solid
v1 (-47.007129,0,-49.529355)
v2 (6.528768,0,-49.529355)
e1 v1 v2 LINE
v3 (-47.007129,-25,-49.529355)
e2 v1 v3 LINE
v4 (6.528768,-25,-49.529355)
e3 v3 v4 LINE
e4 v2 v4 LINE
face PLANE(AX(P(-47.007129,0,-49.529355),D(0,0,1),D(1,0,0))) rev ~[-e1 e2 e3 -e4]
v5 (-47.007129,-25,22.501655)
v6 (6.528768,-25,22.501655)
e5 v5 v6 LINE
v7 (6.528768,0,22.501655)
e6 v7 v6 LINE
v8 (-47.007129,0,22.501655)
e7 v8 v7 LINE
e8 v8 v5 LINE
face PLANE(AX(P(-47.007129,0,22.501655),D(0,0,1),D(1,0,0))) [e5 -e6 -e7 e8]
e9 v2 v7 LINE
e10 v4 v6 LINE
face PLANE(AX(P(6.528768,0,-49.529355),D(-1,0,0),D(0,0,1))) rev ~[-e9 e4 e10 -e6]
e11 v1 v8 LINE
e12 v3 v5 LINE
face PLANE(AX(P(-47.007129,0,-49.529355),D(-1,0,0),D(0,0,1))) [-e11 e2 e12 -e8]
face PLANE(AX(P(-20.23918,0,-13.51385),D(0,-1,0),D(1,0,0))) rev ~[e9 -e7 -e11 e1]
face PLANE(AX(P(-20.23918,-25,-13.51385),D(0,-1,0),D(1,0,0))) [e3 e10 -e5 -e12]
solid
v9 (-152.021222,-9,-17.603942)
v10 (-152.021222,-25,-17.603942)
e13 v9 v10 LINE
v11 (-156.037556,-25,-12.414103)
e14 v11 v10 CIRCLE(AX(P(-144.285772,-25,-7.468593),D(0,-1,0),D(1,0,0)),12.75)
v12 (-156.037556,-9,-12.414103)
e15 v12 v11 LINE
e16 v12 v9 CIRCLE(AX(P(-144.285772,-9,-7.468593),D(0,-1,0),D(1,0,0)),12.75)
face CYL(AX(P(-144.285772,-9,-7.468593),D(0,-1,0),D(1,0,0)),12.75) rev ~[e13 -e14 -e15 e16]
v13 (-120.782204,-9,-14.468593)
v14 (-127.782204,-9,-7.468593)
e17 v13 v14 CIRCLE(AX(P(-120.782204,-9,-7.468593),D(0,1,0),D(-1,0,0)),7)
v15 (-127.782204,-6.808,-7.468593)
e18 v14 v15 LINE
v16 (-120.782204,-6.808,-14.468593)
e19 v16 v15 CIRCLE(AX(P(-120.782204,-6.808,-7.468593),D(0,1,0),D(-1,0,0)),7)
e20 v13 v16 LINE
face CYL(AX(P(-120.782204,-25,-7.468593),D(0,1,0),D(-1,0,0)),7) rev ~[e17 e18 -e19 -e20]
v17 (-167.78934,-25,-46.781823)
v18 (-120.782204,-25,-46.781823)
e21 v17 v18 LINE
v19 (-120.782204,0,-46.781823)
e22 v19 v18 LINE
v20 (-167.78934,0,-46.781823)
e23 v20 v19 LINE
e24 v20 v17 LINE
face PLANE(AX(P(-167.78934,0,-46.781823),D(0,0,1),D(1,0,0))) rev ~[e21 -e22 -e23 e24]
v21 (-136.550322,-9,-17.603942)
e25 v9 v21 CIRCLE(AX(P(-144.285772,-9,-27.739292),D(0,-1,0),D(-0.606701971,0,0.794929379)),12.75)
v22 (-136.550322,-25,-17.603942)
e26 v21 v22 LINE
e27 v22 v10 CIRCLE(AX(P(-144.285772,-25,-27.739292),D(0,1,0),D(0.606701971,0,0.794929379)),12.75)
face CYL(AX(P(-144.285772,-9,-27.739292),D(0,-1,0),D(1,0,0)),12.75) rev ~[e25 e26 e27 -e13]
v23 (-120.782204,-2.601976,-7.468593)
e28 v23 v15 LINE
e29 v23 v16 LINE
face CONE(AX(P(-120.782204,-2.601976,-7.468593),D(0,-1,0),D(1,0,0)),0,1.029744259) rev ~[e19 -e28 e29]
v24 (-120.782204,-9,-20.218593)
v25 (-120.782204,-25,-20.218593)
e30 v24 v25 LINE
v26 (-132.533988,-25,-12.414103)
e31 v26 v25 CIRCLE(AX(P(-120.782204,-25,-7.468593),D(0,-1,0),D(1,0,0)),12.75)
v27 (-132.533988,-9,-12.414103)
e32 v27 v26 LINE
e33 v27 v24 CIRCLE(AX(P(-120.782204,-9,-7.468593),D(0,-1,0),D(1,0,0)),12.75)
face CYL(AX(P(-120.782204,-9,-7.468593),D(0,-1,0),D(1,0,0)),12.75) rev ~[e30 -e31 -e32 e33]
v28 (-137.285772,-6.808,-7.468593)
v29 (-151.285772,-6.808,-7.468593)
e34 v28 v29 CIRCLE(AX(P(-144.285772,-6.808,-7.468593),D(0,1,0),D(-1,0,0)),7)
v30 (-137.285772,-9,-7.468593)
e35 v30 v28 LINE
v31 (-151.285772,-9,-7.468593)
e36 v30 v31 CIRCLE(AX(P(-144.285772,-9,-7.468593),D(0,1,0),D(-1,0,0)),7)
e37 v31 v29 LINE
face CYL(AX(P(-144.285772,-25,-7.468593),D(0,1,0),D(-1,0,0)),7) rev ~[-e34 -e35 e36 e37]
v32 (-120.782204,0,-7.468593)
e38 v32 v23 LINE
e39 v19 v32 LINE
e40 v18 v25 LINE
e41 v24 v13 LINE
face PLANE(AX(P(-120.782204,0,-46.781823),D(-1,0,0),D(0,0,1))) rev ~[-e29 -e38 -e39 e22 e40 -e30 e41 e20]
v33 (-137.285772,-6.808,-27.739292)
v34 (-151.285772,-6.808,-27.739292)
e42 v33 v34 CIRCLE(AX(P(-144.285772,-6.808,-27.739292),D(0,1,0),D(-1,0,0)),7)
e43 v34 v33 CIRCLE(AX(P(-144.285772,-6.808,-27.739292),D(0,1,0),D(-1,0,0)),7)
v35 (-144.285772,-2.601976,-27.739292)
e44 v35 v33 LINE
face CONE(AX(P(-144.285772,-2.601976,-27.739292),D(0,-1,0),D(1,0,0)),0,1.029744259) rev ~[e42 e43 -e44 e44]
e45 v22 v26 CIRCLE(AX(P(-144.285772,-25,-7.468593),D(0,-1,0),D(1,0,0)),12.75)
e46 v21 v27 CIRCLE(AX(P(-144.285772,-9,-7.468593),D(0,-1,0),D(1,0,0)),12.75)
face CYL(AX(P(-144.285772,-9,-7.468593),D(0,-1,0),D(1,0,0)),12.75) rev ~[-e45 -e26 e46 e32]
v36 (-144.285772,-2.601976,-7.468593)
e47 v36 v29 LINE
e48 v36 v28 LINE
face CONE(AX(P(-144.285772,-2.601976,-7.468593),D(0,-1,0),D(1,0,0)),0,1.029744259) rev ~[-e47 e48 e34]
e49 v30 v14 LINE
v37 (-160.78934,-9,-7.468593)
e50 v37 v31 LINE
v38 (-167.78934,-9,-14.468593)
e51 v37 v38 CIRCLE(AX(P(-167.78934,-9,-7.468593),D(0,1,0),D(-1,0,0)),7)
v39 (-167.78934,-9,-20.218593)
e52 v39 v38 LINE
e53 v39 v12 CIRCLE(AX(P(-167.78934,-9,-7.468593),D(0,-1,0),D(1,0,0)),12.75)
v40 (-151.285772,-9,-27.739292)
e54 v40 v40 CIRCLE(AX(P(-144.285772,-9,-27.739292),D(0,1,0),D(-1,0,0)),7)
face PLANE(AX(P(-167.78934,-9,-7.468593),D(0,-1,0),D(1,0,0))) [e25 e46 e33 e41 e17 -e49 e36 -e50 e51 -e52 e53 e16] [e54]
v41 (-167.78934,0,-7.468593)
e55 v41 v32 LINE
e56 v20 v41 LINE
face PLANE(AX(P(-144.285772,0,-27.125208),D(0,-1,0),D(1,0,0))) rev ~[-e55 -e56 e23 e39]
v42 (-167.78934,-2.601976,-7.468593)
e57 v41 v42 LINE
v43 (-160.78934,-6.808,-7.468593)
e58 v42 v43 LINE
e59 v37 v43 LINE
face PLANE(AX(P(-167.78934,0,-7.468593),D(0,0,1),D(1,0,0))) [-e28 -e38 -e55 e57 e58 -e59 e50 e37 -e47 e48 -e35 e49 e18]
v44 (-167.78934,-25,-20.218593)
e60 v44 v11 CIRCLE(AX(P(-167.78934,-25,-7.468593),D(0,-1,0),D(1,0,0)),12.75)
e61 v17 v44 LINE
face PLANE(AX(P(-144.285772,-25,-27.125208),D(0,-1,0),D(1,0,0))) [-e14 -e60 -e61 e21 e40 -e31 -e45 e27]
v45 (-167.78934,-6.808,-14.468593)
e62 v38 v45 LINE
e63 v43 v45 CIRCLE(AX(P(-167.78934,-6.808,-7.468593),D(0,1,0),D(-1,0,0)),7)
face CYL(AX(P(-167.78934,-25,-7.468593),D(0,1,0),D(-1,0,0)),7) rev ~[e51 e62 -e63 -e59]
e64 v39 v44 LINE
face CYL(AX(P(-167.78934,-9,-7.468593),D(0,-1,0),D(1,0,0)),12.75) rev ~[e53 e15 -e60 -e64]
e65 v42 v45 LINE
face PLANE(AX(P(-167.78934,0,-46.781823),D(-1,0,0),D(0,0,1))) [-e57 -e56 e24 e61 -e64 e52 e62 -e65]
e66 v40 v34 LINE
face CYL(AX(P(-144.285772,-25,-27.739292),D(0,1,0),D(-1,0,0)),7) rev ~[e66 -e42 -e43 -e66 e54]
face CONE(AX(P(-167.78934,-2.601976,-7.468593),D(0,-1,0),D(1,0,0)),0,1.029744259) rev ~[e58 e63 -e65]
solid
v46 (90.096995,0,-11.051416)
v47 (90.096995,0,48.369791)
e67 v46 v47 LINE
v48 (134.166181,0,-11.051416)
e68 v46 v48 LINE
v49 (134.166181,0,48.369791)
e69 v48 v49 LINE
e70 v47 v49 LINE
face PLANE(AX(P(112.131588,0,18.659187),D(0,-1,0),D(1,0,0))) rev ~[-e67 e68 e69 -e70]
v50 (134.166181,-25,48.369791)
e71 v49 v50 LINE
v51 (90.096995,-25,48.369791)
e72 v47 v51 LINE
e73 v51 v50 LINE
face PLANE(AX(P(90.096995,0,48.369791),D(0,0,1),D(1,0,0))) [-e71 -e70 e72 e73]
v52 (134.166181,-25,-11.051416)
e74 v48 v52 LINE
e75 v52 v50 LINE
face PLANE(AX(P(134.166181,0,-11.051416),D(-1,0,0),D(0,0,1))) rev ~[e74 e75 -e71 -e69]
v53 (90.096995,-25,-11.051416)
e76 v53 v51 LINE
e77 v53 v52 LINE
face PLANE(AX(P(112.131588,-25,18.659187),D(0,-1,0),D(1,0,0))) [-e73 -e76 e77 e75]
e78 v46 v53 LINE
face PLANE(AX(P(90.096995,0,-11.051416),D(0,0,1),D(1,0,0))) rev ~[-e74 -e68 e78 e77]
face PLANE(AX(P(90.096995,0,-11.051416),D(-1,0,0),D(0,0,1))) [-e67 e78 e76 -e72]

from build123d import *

# Parameters (mm, degrees)
F0_W           = 47.0071360469
F0_H           = 39.3132301979
F1_DEPTH       = 25
F0_W_2         = 53.5358963534
F0_H_2         = 72.0310099423
F0_W_3         = 44.069185853
F0_H_3         = 59.4212077558
F3_D           = 14
F3_DEPTH       = 18.192
F3_CBORE_D     = 25.5
F3_CBORE_DEPTH = 16
F3_TIP         = 4.2060243332


with BuildPart() as f1:
    # F0 (on Front) → F1 (new body)
    with BuildSketch(Plane.XZ):
        with Locations((-144.2857719958, -27.1252079401)):
            Rectangle(F0_W, F0_H)
    extrude(amount=F1_DEPTH)

    # F3
    with Locations(Plane.XZ.offset(25)):
        with Locations((-167.7893400192, -7.4685928412), (-144.2857719958, -7.4685928412), (-120.7822039723, -7.4685928412), (-144.2857719958, -27.7392920107)):
            CounterBoreHole(F3_D / 2, F3_CBORE_D / 2, F3_CBORE_DEPTH, depth=F3_DEPTH)
            with Locations((0, 0, -(F3_DEPTH + F3_TIP / 2))):  # 118° drill point
                Cone(0, F3_D / 2, F3_TIP, mode=Mode.SUBTRACT)


with BuildPart() as f1b:
    # F0 (on Front) → F1, piece 2 (new body)
    with BuildSketch(Plane.XZ):
        with Locations((-20.2391804196, -13.5138500482)):
            Rectangle(F0_W_2, F0_H_2)
    extrude(amount=F1_DEPTH)


with BuildPart() as f1c:
    # F0 (on Front) → F1, piece 3 (new body)
    with BuildSketch(Plane.XZ):
        with Locations((112.131588161, 18.6591874808)):
            Rectangle(F0_W_3, F0_H_3)
    extrude(amount=F1_DEPTH)


solid = Compound([f1.part, f1b.part, f1c.part])
